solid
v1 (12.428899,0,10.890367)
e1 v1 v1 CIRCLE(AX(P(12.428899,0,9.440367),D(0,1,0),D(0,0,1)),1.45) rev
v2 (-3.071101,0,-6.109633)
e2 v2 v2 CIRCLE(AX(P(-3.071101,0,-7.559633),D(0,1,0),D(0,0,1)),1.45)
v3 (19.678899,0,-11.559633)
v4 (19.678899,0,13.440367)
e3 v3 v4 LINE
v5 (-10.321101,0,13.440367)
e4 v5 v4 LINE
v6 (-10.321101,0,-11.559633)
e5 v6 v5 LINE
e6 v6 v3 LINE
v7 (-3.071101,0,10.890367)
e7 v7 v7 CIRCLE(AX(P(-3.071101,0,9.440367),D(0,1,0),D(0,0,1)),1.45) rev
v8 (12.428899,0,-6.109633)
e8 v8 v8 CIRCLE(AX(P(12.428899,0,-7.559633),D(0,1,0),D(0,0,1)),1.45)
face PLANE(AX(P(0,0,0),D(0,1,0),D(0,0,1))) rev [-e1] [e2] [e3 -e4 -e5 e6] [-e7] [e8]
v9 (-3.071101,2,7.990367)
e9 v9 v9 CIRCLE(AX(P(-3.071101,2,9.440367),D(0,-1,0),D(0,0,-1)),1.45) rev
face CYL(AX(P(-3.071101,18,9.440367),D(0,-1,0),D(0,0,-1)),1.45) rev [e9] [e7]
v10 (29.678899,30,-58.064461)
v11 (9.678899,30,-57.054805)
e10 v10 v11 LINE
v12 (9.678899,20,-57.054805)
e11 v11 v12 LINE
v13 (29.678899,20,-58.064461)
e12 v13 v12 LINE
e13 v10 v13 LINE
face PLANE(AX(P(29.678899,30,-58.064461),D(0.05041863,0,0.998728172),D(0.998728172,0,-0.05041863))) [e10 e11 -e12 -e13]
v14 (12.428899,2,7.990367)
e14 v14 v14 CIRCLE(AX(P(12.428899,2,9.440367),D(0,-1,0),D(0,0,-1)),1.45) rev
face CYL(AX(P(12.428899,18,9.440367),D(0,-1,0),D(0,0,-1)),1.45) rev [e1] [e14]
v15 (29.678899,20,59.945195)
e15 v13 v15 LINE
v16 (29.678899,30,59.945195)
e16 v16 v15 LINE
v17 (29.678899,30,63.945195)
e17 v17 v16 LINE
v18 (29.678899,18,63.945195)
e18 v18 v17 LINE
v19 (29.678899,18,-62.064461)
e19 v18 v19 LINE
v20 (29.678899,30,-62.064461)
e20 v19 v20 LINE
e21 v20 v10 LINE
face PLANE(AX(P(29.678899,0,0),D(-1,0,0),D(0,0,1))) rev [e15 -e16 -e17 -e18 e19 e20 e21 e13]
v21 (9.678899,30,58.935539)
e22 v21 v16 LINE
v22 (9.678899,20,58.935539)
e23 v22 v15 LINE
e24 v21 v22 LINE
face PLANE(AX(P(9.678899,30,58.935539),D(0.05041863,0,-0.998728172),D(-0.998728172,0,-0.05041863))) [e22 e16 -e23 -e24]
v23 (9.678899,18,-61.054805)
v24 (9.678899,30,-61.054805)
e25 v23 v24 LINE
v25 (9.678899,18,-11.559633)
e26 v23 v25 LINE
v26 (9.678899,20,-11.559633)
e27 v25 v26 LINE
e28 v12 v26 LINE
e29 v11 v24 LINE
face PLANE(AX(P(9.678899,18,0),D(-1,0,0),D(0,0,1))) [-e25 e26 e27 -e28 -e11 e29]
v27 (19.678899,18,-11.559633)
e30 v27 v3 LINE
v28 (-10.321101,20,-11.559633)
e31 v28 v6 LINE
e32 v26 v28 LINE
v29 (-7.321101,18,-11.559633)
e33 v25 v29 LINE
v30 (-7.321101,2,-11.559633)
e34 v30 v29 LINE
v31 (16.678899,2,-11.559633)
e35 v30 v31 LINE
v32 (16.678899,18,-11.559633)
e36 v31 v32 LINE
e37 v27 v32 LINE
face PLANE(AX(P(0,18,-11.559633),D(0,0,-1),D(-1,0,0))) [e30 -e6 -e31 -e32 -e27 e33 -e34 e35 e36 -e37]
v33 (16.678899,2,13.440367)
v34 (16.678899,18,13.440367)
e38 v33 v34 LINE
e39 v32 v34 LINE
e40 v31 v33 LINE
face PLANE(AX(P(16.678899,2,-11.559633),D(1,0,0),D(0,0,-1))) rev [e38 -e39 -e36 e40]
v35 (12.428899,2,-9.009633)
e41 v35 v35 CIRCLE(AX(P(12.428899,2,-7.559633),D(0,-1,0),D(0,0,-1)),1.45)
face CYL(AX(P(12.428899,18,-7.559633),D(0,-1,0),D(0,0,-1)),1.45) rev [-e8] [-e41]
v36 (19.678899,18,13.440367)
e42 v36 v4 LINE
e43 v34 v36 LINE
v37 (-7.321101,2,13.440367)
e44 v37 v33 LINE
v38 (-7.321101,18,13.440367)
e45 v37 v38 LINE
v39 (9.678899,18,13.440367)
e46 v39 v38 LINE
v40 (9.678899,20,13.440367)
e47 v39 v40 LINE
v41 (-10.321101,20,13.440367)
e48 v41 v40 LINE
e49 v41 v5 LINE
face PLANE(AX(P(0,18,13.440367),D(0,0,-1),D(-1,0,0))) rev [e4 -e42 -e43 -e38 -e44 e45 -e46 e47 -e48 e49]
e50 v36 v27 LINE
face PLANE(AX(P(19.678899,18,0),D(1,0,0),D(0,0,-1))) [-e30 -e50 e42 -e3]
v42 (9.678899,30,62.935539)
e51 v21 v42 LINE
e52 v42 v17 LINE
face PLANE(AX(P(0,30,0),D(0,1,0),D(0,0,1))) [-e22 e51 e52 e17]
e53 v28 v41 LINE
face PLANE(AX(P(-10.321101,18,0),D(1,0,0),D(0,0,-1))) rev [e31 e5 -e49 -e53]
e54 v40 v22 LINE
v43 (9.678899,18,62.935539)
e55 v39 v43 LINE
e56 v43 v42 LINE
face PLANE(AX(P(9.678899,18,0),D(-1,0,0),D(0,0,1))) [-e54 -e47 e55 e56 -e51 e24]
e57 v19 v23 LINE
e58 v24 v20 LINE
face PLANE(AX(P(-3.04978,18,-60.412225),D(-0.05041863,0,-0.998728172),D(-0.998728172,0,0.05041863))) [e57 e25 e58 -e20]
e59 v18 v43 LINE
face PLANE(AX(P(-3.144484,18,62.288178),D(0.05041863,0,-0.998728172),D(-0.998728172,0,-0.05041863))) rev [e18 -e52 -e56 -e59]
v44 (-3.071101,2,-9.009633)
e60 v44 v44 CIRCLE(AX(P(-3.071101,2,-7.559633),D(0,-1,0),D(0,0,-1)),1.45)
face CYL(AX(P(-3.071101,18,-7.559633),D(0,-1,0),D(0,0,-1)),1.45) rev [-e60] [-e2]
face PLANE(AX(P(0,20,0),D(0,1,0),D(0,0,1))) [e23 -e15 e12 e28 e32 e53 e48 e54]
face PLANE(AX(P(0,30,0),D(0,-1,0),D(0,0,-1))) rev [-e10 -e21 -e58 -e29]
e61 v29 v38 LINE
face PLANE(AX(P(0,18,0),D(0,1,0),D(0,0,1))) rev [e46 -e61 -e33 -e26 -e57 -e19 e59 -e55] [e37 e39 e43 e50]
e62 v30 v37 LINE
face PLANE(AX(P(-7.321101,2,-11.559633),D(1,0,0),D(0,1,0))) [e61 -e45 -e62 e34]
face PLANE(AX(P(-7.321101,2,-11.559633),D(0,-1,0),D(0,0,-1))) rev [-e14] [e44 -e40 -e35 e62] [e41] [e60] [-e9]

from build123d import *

# Parameters (mm, degrees)
SKETCH1_W           = 30
SKETCH1_H           = 25
SKETCH1_R           = 1.45
BOSS_EXTRUDE1_DEPTH = 18
SKETCH3_W           = 30
SKETCH3_H           = 25
BOSS_EXTRUDE2_DEPTH = 2
SKETCH4_W           = 24
SKETCH4_H           = 16
CUT_EXTRUDE2_DEPTH  = 26
SKETCH5_W           = 25
SKETCH5_H           = 2
BOSS_EXTRUDE3_DEPTH = 10
BOSS_EXTRUDE4_DEPTH = 2
BOSS_EXTRUDE5_DEPTH = 10


with BuildPart() as part:
    # Sketch1 → Boss-Extrude1 (new body)
    with BuildSketch(Plane(origin=(0, 0, 0), x_dir=(1, 0, 0), z_dir=(0, 1, 0))):
        with Locations((4.678899083, -0.940366972)):
            Rectangle(SKETCH1_W, SKETCH1_H)
        with Locations((-3.071100917, 7.559633028)):
            Circle(SKETCH1_R, mode=Mode.SUBTRACT)
        with Locations((12.428899083, 7.559633028)):
            Circle(SKETCH1_R, mode=Mode.SUBTRACT)
        with Locations((12.428899083, -9.440366972)):
            Circle(SKETCH1_R, mode=Mode.SUBTRACT)
        with Locations((-3.071100917, -9.440366972)):
            Circle(SKETCH1_R, mode=Mode.SUBTRACT)
    extrude(amount=BOSS_EXTRUDE1_DEPTH)

    # Sketch3 → Boss-Extrude2 (add)
    with BuildSketch(Plane(origin=(0, 18, 0), x_dir=(1, 0, 0), z_dir=(0, 1, 0))):
        with Locations((4.678899083, -0.940366972)):
            Rectangle(SKETCH3_W, SKETCH3_H)
    extrude(amount=BOSS_EXTRUDE2_DEPTH)

    # Sketch4 → Cut-Extrude2 (cut, through all)
    with BuildSketch(Plane.XY.offset(13.440366972)):
        with Locations((4.678899083, 10)):
            Rectangle(SKETCH4_W, SKETCH4_H)
    extrude(amount=-CUT_EXTRUDE2_DEPTH, mode=Mode.SUBTRACT)

    # Sketch5 → Boss-Extrude3 (add)
    with BuildSketch(Plane(origin=(19.678899083, 0, 0), x_dir=(0, 0, -1), z_dir=(1, 0, 0))):
        with Locations((-0.940366972, 19)):
            Rectangle(SKETCH5_W, SKETCH5_H)
    extrude(amount=BOSS_EXTRUDE3_DEPTH)

    # Sketch6 → Boss-Extrude4 (add)
    with BuildSketch(Plane(origin=(0, 20, 0), x_dir=(1, 0, 0), z_dir=(0, 1, 0))):
        Polygon((19.678899083, 11.559633028), (19.678899083, 61.559633028), (9.678899083, 61.054804674), (9.678899083, 11.559633028), align=None)
        Polygon((29.678899083, 62.064461381), (19.678899083, 61.559633028), (19.678899083, 11.559633028), (29.678899083, 11.559633028), align=None)
        Polygon((29.678899083, -13.440366972), (19.678899083, -13.440366972), (19.678899083, -63.440366972), (29.678899083, -63.945195326), align=None)
        Polygon((19.678899083, -63.440366972), (19.678899083, -13.440366972), (9.678899083, -13.440366972), (9.678899083, -62.935538619), align=None)
    extrude(amount=-BOSS_EXTRUDE4_DEPTH)

    # Sketch7 → Boss-Extrude5 (add)
    with BuildSketch(Plane(origin=(0, 20, 0), x_dir=(1, 0, 0), z_dir=(0, 1, 0))):
        Polygon((9.678899083, 61.054804674), (29.678899083, 62.064461381), (29.678899083, 58.064461381), (9.678899083, 57.054804674), align=None)
        Polygon((9.678899083, -58.935538619), (29.678899083, -59.945195326), (29.678899083, -63.945195326), (9.678899083, -62.935538619), align=None)
    extrude(amount=BOSS_EXTRUDE5_DEPTH)


solid = part.part
